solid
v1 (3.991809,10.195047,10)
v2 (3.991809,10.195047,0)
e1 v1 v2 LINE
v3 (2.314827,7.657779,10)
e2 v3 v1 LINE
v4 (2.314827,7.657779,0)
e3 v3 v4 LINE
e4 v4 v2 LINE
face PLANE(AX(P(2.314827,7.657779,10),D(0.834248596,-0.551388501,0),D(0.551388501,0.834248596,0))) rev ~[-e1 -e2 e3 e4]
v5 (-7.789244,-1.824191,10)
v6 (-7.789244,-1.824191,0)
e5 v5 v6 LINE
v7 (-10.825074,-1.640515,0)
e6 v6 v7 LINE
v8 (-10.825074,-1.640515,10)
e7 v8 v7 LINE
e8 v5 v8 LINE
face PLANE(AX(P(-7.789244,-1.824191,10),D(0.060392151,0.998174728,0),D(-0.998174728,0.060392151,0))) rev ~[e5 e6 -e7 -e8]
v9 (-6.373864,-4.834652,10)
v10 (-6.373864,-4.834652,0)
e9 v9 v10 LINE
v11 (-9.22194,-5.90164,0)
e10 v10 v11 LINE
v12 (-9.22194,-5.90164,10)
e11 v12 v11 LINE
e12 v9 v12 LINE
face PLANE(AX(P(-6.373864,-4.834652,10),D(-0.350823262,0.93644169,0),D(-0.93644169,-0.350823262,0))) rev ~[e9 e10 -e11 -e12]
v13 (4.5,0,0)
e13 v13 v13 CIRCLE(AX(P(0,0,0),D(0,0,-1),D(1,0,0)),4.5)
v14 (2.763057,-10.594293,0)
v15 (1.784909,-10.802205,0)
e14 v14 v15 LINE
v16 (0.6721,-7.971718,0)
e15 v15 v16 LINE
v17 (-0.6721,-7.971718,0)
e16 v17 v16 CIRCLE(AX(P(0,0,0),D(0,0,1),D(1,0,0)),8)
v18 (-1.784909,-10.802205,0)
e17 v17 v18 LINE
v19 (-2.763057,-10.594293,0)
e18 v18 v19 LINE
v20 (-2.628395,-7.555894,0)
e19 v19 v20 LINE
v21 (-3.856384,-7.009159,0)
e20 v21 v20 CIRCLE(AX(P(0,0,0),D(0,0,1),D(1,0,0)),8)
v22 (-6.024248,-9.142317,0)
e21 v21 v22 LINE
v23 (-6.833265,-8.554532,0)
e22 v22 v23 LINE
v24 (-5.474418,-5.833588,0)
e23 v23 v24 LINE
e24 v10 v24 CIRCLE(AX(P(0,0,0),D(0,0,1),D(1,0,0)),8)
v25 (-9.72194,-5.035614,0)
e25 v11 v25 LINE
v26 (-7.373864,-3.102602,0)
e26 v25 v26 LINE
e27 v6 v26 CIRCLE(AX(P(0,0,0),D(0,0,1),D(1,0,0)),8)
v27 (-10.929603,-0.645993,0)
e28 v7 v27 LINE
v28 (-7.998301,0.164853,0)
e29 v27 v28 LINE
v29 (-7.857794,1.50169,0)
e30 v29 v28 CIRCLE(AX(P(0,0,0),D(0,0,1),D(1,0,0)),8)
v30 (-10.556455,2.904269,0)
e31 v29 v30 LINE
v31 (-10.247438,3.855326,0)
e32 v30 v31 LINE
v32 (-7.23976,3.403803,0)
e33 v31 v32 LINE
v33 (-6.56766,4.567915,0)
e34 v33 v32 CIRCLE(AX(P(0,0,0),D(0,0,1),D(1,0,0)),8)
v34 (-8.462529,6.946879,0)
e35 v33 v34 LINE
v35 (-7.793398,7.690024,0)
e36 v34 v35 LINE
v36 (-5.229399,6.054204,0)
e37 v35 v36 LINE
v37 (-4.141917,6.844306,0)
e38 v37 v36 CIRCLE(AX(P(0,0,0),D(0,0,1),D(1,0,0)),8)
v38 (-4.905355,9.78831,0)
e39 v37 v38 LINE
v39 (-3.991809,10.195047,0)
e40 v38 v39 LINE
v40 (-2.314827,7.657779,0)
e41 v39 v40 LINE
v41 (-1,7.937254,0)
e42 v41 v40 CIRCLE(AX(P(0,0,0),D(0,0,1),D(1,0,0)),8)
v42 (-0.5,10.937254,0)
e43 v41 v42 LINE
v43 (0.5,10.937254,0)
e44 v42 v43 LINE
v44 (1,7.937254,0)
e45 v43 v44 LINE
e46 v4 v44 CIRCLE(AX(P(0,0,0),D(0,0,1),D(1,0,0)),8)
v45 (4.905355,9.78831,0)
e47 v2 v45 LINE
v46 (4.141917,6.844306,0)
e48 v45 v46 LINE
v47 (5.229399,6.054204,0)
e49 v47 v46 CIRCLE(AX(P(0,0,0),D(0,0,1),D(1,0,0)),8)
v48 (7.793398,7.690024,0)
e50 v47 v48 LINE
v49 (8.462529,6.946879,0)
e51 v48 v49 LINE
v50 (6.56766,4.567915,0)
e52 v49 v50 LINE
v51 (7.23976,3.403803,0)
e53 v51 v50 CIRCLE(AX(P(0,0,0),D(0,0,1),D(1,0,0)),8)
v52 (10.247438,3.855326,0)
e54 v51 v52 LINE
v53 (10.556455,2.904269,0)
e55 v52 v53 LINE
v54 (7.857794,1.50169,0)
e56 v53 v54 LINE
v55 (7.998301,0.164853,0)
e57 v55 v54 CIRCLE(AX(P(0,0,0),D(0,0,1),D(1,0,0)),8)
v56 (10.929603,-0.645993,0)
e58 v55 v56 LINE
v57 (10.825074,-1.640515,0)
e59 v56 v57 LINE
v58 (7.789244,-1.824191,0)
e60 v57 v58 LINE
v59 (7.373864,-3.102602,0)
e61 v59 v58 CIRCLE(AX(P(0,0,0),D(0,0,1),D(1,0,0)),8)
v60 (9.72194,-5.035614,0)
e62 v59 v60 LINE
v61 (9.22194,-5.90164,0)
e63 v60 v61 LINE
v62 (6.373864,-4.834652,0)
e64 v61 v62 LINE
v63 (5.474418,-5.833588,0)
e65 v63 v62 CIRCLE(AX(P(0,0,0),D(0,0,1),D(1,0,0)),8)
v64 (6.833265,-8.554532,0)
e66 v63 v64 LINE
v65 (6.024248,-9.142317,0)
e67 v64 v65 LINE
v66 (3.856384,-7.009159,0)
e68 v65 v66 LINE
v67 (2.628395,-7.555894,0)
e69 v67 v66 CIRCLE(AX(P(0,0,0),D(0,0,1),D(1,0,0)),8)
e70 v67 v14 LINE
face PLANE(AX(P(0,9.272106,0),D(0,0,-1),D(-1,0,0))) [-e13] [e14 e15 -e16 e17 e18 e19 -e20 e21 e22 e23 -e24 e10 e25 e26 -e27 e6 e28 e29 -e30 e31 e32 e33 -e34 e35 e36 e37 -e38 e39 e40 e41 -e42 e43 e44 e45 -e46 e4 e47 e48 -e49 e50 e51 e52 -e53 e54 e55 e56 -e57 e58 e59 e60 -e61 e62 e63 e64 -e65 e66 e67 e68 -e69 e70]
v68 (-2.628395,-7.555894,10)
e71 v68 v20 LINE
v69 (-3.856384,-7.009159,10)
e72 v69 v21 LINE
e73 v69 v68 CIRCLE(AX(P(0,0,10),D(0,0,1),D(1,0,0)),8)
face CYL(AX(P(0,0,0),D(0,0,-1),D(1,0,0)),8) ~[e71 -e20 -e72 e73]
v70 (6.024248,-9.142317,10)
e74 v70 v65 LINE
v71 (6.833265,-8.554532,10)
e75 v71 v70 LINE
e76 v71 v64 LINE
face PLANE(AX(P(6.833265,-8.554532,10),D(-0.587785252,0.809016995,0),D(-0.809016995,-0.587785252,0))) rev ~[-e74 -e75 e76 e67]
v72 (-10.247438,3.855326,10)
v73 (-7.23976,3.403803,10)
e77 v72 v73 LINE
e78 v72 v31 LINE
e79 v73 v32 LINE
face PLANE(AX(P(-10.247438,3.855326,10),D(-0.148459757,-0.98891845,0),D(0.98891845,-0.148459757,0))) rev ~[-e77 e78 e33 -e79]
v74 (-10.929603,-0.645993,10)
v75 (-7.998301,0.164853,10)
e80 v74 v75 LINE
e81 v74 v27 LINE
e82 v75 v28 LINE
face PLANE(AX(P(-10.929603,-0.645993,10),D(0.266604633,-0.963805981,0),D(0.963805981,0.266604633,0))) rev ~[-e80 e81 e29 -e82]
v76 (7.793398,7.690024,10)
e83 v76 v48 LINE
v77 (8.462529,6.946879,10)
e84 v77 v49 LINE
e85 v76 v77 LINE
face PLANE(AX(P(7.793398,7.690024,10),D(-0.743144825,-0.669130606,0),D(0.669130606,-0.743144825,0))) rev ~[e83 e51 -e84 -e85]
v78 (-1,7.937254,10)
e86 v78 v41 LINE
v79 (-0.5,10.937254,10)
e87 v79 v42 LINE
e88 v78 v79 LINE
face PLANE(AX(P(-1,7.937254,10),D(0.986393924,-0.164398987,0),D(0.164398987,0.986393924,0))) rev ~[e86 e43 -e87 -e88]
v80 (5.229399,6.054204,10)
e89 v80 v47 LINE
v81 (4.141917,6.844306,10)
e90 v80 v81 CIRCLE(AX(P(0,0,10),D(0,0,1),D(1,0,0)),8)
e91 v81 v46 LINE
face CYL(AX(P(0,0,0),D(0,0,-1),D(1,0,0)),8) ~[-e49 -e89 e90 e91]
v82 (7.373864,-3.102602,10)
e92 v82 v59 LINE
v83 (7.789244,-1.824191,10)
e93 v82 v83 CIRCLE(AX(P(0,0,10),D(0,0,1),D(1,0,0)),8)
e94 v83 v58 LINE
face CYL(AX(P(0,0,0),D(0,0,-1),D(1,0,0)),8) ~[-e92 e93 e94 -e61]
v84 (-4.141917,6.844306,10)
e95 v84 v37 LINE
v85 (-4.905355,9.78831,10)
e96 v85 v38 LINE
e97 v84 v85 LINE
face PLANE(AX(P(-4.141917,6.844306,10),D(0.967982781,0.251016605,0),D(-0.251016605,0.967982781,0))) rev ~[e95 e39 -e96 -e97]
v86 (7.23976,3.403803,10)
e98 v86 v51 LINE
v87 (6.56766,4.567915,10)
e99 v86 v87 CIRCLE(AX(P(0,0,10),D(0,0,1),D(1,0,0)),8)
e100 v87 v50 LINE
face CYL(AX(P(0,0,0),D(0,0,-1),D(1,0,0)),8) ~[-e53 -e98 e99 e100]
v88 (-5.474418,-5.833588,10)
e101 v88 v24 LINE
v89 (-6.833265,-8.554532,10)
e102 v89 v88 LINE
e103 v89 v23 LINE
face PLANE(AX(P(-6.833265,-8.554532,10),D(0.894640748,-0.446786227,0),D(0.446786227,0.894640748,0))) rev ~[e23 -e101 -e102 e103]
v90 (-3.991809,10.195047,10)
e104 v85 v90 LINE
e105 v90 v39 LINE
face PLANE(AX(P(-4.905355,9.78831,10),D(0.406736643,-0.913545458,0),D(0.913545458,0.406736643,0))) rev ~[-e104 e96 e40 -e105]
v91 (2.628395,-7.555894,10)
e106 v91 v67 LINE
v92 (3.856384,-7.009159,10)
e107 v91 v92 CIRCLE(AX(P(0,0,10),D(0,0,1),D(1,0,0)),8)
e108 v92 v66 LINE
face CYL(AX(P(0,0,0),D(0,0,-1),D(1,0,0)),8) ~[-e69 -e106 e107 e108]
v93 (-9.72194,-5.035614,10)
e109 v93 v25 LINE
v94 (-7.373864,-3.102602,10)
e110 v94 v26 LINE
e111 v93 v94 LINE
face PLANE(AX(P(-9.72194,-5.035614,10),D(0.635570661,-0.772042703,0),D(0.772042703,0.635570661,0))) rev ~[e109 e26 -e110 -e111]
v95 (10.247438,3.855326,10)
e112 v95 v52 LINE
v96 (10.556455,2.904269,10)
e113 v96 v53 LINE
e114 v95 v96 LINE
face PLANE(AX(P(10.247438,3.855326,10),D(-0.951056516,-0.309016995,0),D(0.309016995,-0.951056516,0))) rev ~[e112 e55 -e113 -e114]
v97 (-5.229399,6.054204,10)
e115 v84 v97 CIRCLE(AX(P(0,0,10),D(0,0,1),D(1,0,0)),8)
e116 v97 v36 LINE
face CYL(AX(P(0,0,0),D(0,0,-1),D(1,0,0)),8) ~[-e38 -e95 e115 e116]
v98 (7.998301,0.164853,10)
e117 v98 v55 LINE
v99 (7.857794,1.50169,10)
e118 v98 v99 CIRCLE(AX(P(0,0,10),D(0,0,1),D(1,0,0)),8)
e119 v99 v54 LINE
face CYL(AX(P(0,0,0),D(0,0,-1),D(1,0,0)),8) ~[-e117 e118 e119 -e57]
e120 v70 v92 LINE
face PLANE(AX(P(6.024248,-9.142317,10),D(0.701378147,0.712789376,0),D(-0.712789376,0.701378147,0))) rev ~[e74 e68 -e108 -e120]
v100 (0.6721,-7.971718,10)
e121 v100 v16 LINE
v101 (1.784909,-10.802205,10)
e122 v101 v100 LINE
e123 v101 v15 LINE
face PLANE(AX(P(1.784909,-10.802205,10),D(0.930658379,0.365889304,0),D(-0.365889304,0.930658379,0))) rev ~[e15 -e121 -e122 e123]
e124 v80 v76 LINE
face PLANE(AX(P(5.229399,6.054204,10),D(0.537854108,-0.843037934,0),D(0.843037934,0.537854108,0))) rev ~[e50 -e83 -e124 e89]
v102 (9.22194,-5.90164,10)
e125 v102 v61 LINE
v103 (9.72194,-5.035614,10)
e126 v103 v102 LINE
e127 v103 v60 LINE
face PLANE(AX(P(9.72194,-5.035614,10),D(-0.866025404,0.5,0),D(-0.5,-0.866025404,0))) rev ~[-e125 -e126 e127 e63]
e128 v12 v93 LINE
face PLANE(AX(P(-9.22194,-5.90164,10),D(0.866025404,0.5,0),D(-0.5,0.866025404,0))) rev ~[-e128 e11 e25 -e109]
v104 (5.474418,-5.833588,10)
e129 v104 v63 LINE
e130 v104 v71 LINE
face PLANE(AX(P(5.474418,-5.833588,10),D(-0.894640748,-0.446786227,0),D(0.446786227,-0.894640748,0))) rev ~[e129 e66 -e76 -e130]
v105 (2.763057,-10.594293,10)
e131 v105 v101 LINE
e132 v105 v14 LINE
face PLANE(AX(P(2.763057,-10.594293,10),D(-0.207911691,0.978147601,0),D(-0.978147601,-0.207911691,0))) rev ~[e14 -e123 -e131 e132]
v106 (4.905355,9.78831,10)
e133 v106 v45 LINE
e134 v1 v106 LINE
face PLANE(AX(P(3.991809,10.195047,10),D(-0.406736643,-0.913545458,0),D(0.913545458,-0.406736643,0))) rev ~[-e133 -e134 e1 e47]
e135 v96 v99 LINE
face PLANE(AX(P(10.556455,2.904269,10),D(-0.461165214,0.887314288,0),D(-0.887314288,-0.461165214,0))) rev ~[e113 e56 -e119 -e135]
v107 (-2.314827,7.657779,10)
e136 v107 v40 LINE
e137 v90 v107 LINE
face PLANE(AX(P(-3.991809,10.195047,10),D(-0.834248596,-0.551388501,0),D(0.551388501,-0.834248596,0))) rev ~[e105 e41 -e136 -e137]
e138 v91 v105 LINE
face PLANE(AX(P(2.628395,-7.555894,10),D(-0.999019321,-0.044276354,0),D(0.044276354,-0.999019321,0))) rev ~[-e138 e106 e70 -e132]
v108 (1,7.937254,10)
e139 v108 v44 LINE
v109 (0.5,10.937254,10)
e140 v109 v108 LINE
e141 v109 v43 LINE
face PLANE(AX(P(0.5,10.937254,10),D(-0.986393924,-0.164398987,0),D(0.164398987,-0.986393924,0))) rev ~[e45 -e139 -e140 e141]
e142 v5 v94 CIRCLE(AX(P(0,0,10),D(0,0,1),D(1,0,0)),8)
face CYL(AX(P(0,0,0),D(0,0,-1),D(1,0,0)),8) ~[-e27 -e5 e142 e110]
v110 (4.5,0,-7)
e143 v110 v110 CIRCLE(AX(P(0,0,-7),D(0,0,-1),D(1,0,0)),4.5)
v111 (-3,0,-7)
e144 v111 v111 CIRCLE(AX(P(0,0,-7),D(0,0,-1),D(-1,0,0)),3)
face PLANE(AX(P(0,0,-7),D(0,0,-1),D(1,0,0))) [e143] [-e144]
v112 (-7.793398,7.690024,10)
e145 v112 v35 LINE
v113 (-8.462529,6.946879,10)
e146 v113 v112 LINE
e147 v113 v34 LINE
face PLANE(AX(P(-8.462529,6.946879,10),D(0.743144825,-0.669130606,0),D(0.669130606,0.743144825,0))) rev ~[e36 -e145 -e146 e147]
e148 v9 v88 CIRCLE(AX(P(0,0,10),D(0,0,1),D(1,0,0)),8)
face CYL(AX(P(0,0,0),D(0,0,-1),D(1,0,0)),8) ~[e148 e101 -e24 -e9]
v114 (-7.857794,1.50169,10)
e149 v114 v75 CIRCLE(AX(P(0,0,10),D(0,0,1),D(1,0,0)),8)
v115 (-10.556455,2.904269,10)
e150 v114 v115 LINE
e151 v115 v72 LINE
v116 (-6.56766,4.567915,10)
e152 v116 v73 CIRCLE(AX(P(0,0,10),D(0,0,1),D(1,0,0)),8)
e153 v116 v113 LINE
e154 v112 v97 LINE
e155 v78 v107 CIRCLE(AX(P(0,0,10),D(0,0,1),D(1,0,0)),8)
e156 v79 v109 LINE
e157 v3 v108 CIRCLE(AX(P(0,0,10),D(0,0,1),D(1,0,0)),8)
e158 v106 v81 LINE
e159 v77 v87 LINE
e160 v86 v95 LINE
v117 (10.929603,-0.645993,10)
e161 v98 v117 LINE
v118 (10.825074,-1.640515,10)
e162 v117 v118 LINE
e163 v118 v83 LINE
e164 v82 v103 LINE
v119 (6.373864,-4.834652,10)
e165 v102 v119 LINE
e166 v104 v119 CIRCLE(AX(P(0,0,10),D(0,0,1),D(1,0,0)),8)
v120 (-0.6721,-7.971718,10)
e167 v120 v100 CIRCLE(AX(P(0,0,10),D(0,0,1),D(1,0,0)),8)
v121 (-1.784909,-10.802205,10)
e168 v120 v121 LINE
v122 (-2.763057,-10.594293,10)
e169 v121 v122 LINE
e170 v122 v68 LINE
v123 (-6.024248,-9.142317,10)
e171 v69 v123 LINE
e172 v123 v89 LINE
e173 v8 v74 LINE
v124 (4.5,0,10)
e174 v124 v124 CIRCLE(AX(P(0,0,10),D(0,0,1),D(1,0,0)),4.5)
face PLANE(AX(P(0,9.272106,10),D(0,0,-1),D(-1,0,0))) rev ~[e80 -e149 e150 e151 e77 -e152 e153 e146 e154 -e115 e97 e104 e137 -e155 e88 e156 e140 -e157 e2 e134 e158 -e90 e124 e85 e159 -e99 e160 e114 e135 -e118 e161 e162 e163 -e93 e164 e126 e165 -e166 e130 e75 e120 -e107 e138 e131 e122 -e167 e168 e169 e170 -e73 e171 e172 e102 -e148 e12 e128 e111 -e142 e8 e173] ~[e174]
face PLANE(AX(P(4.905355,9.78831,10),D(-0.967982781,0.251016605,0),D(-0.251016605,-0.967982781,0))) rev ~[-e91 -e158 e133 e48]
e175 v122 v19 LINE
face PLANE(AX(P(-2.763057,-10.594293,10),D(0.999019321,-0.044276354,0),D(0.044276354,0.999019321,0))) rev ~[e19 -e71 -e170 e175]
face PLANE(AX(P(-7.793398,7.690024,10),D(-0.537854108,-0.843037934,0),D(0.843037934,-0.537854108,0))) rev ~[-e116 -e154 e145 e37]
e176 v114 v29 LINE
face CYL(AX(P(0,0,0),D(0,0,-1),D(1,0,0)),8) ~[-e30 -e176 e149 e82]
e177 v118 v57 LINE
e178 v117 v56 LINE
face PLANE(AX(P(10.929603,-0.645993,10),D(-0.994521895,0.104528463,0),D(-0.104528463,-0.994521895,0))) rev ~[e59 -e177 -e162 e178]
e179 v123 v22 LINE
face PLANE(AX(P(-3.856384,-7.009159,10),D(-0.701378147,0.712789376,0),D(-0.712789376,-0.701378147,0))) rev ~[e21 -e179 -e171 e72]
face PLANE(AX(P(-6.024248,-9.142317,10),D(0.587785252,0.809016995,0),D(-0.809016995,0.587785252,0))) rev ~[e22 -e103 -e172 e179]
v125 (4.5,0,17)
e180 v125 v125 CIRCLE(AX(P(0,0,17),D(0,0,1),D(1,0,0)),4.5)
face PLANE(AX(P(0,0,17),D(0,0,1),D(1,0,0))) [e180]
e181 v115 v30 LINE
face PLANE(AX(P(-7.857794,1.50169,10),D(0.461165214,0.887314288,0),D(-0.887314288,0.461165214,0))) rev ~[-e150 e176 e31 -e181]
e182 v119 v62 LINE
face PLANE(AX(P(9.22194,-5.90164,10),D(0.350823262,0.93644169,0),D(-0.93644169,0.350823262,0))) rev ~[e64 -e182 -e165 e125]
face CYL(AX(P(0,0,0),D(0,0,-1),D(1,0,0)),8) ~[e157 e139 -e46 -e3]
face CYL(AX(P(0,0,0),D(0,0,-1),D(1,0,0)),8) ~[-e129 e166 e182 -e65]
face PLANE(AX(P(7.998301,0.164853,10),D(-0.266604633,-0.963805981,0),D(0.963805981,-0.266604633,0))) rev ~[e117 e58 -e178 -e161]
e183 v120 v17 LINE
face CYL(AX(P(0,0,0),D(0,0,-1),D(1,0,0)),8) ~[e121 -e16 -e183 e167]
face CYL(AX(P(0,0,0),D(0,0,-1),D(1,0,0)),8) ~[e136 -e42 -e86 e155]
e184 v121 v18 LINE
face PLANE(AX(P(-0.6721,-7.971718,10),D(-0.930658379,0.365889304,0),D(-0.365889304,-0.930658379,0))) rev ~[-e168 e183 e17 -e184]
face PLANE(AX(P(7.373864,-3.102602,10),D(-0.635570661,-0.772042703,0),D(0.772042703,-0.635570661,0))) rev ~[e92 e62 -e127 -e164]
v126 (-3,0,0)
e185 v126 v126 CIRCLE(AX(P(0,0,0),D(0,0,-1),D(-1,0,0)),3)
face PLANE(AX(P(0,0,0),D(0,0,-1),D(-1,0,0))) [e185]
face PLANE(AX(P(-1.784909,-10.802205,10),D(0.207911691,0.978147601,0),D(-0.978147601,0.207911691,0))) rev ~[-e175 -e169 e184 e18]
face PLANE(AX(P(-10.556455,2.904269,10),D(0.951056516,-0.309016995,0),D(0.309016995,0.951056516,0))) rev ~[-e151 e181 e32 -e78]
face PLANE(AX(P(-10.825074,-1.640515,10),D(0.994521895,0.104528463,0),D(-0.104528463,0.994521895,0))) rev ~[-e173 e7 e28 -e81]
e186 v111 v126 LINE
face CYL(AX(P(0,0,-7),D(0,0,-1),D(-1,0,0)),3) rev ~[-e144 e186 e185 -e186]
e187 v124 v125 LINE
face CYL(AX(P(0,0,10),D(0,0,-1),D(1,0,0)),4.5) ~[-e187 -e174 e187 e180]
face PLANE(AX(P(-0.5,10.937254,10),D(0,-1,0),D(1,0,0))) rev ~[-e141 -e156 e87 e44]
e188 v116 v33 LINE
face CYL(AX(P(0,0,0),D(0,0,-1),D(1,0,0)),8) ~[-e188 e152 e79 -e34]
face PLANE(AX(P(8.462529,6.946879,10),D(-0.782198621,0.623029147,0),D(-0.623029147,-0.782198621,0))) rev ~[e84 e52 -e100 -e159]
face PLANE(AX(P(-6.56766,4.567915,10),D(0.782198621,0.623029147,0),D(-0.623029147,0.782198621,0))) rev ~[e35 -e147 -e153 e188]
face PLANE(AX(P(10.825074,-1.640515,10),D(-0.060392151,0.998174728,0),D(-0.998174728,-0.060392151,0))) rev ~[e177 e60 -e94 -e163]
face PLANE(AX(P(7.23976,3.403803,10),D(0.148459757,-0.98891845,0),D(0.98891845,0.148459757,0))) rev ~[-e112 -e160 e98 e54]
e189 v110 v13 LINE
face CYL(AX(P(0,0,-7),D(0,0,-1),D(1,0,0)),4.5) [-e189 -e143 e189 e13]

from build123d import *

# Parameters (mm, degrees)
SKETCH1_R           = 8
BOSS_EXTRUDE1_DEPTH = 10
BOSS_EXTRUDE2_DEPTH = 10
SKETCH3_R           = 4.5
BOSS_EXTRUDE3_DEPTH = 7
SKETCH3_2_R         = 4.5
BOSS_EXTRUDE4_DEPTH = 7
BOSS_EXTRUDE5_START = 7
SKETCH4_R           = 4.5
BOSS_EXTRUDE5_DEPTH = 7
SKETCH5_R           = 3
CUT_EXTRUDE9_DEPTH  = 7


with BuildPart() as part:
    # Sketch1 → Boss-Extrude1 (new body)
    with BuildSketch(Plane.XY):
        Circle(SKETCH1_R)
    extrude(amount=BOSS_EXTRUDE1_DEPTH)

    # Sketch2 → Boss-Extrude2 (add)
    with BuildSketch(Plane.XY.offset(10)):
        Polygon((-1, 7.937253933), (-0.5, 10.937253933), (0.5, 10.937253933), (1, 7.937253933), align=None)
        Polygon((2.314826562, 7.65777892), (3.99180922, 10.195046971), (4.905354678, 9.788310328), (4.141917478, 6.844305634), align=None)
        Polygon((5.229398583, 6.054204363), (7.793398362, 7.690023769), (8.462528969, 6.946878943), (6.567659795, 4.567914712), align=None)
        Polygon((7.23976008, 3.40380287), (10.247438126, 3.855325595), (10.556455121, 2.904269079), (7.857794069, 1.501689838), align=None)
        Polygon((7.998301289, 0.164852939), (10.929602743, -0.645993398), (10.82507428, -1.640515294), (7.789244362, -1.824190852), align=None)
        Polygon((7.373863542, -3.102601563), (9.721939754, -5.035614265), (9.221939754, -5.901639668), (6.373863542, -4.83465237), align=None)
        Polygon((5.4744178, -5.833588068), (6.83326506, -8.554531678), (6.024248065, -9.14231693), (3.856383811, -7.009158573), align=None)
        Polygon((2.628395486, -7.5558942), (2.763056759, -10.594292848), (1.784909158, -10.802204539), (0.672100285, -7.971717582), align=None)
        Polygon((-0.672100285, -7.971717582), (-1.784909158, -10.802204539), (-2.763056759, -10.594292848), (-2.628395486, -7.5558942), align=None)
        Polygon((-3.856383811, -7.009158573), (-6.024248065, -9.14231693), (-6.83326506, -8.554531678), (-5.4744178, -5.833588068), align=None)
        Polygon((-6.373863542, -4.83465237), (-9.221939754, -5.901639668), (-9.721939754, -5.035614265), (-7.373863542, -3.102601563), align=None)
        Polygon((-7.789244362, -1.824190852), (-10.82507428, -1.640515294), (-10.929602743, -0.645993398), (-7.998301289, 0.164852939), align=None)
        Polygon((-7.857794069, 1.501689838), (-10.556455121, 2.904269079), (-10.247438126, 3.855325595), (-7.23976008, 3.40380287), align=None)
        Polygon((-6.567659795, 4.567914712), (-8.462528969, 6.946878943), (-7.793398362, 7.690023769), (-5.229398583, 6.054204363), align=None)
        Polygon((-4.141917478, 6.844305634), (-4.905354678, 9.788310328), (-3.99180922, 10.195046971), (-2.314826562, 7.65777892), align=None)
    extrude(amount=-BOSS_EXTRUDE2_DEPTH)

    # Sketch3 → Boss-Extrude3 (add)
    with BuildSketch(Plane.XY.offset(10)):
        Circle(SKETCH3_R)
    extrude(amount=BOSS_EXTRUDE3_DEPTH)

    # Sketch3<2> → Boss-Extrude4 (add)
    with BuildSketch(Plane.XY.offset(10)):
        Circle(SKETCH3_2_R)
    extrude(amount=BOSS_EXTRUDE4_DEPTH)

    # Sketch4 → Boss-Extrude5 (add)
    with BuildSketch(Plane(origin=(0, 0, 0), x_dir=(-1, 0, 0), z_dir=(0, 0, -1)).offset(BOSS_EXTRUDE5_START)):
        with Locations(Location((0, 0, 0), (0, 0, 180))):
            Circle(SKETCH4_R)
    extrude(amount=-BOSS_EXTRUDE5_DEPTH)

    # Sketch5 → Cut-Extrude9 (cut)
    with BuildSketch(Plane(origin=(0, 0, -7), x_dir=(-1, 0, 0), z_dir=(0, 0, -1))):
        Circle(SKETCH5_R)
    extrude(amount=-CUT_EXTRUDE9_DEPTH, mode=Mode.SUBTRACT)


solid = part.part
